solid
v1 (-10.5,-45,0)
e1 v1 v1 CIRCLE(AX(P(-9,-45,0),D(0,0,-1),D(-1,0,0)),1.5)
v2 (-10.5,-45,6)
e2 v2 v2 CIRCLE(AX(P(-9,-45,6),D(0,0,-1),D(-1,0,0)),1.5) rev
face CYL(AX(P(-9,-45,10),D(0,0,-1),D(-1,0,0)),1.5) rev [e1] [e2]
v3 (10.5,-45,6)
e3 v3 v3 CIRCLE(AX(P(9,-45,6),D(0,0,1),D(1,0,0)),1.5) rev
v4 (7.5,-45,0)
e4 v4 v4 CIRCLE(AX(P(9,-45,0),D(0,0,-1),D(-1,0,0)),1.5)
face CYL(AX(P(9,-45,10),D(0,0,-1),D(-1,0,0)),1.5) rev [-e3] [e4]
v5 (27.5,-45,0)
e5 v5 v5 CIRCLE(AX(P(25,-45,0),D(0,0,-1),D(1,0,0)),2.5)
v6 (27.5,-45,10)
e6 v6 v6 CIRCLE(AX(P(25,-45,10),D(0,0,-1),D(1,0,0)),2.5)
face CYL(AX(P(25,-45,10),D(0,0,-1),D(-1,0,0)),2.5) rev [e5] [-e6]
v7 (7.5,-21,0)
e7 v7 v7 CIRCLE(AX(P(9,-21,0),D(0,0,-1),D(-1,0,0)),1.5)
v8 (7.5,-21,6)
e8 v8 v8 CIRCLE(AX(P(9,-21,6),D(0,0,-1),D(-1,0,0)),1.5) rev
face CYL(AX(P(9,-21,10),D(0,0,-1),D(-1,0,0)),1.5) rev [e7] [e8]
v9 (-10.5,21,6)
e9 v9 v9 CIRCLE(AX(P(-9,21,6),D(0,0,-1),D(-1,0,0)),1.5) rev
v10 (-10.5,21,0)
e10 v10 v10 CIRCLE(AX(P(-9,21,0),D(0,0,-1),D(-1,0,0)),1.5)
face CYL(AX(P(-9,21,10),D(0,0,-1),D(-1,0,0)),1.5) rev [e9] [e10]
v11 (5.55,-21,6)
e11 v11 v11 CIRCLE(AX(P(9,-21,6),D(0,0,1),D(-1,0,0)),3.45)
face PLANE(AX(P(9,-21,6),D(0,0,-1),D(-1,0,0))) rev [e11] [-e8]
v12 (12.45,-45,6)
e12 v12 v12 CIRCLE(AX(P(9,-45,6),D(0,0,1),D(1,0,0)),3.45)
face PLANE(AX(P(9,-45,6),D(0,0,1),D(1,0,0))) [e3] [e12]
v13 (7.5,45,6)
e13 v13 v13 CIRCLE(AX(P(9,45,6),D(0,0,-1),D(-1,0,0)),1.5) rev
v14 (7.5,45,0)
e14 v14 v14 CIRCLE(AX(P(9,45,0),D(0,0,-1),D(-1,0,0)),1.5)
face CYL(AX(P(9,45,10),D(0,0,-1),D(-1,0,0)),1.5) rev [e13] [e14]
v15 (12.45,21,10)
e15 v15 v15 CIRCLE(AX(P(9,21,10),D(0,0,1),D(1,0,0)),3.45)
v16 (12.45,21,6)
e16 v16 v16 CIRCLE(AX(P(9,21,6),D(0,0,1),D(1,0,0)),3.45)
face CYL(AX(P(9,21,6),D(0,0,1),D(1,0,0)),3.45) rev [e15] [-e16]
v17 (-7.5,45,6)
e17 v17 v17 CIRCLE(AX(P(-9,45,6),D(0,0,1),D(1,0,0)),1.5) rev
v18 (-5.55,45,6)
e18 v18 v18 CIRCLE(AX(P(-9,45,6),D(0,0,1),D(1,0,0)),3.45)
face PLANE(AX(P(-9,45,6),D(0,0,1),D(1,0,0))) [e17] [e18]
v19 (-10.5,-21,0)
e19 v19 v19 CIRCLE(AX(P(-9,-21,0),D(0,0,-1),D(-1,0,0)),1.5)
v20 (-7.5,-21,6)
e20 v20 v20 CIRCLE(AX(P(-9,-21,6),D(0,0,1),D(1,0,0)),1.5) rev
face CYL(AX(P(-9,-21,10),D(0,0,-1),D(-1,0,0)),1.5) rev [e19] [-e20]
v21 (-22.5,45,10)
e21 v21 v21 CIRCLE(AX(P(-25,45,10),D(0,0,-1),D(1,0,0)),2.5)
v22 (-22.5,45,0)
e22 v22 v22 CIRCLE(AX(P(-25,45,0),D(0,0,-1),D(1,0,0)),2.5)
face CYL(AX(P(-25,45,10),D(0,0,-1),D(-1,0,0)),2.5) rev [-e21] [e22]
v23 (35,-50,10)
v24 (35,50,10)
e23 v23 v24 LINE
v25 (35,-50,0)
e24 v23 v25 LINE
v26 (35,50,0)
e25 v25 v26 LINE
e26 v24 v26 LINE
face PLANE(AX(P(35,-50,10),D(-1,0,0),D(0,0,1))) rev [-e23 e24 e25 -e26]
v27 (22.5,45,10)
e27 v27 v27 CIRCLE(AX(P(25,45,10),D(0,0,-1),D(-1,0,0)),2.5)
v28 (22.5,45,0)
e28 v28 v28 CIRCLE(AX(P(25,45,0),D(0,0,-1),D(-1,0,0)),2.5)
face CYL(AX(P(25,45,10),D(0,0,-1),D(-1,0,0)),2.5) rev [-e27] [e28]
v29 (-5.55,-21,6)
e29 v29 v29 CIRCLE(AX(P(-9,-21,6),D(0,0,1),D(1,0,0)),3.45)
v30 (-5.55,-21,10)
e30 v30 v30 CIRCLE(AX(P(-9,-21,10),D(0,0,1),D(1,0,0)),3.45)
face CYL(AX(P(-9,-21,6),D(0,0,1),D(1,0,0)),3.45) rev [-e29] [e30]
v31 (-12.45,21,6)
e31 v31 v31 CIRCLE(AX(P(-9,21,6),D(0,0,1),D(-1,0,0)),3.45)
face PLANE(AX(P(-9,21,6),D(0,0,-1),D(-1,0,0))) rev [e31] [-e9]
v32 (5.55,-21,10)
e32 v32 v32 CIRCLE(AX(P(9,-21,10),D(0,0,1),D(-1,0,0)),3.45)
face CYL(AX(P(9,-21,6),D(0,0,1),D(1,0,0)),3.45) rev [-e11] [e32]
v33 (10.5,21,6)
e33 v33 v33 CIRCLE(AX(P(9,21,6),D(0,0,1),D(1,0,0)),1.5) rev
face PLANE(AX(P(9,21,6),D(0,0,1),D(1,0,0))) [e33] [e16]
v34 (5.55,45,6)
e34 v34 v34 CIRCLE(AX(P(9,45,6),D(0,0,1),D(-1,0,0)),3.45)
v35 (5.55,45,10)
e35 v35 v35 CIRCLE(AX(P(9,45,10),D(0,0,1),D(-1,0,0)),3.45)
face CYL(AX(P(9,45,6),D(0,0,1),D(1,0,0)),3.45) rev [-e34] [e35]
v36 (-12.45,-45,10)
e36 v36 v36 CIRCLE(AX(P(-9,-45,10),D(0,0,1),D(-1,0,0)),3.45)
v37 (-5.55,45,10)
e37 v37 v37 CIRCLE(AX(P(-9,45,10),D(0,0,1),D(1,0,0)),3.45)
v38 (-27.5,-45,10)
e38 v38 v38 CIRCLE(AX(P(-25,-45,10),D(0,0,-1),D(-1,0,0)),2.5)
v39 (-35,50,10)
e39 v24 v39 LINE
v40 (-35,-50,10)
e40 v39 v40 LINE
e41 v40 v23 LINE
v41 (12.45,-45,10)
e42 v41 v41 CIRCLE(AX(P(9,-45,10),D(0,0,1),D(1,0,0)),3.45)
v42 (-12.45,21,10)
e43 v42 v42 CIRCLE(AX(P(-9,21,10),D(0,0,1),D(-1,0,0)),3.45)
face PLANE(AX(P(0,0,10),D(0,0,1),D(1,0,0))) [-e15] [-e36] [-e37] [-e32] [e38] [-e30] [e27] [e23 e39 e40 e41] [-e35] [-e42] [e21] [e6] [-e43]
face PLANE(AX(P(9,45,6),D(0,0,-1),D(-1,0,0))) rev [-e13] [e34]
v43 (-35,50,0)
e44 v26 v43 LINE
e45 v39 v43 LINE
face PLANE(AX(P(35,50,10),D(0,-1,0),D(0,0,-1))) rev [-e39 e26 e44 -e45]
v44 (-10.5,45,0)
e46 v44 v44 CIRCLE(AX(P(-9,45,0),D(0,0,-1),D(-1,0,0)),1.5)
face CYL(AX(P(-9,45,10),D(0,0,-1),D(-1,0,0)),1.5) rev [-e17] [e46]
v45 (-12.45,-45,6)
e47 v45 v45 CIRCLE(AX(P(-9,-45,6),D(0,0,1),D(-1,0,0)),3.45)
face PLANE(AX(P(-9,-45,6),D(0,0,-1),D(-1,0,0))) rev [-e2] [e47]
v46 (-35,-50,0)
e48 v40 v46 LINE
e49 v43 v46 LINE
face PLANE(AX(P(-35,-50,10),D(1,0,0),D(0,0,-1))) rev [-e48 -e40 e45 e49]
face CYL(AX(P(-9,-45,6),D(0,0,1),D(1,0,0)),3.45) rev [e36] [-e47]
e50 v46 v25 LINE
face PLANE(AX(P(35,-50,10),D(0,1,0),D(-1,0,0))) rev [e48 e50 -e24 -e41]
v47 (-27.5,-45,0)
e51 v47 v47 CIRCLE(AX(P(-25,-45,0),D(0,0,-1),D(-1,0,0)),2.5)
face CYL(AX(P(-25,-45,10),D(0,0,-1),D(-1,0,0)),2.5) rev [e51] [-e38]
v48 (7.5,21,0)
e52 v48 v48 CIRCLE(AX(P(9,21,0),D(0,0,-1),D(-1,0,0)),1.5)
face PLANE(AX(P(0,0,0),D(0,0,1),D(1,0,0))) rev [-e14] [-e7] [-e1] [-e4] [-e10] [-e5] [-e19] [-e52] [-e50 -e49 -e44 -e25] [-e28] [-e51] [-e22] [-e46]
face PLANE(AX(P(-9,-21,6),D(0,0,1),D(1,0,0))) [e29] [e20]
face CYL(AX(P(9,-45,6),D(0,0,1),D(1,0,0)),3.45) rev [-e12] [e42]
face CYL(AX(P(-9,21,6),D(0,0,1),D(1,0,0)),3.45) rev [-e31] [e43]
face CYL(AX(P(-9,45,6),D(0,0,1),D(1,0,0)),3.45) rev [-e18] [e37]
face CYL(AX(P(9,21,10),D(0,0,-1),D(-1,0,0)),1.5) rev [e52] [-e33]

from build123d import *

# Parameters (mm, degrees)
SKETCH1_W           = 70
SKETCH1_H           = 100
BOSS_EXTRUDE1_DEPTH = 10
SKETCH2_R           = 2.5
CUT_EXTRUDE1_DEPTH  = 11
SKETCH3_R           = 1.5
CUT_EXTRUDE2_DEPTH  = 11
SKETCH4_R           = 3.45
CUT_EXTRUDE3_DEPTH  = 4


with BuildPart() as part:
    # Sketch1 → Boss-Extrude1 (new body)
    with BuildSketch(Plane.XY):
        Rectangle(SKETCH1_W, SKETCH1_H)
    extrude(amount=BOSS_EXTRUDE1_DEPTH)

    # Sketch2 → Cut-Extrude1 (cut, through all)
    with BuildSketch(Plane(origin=(0, 0, 0), x_dir=(-1, 0, 0), z_dir=(0, 0, -1))):
        with Locations((-25, 45)):
            Circle(SKETCH2_R)
        with Locations((25, 45)):
            Circle(SKETCH2_R)
        with Locations((-25, -45)):
            Circle(SKETCH2_R)
        with Locations((25, -45)):
            Circle(SKETCH2_R)
    extrude(amount=-CUT_EXTRUDE1_DEPTH, mode=Mode.SUBTRACT)

    # Sketch3 → Cut-Extrude2 (cut, through all)
    with BuildSketch(Plane(origin=(0, 0, 0), x_dir=(-1, 0, 0), z_dir=(0, 0, -1))):
        with Locations((9, 21)):
            Circle(SKETCH3_R)
        with Locations((9, 45)):
            Circle(SKETCH3_R)
        with Locations((-9, 21)):
            Circle(SKETCH3_R)
        with Locations((-9, 45)):
            Circle(SKETCH3_R)
        with Locations((9, -45)):
            Circle(SKETCH3_R)
        with Locations((9, -21)):
            Circle(SKETCH3_R)
        with Locations((-9, -45)):
            Circle(SKETCH3_R)
        with Locations((-9, -21)):
            Circle(SKETCH3_R)
    extrude(amount=-CUT_EXTRUDE2_DEPTH, mode=Mode.SUBTRACT)

    # Sketch4 → Cut-Extrude3 (cut)
    with BuildSketch(Plane.XY.offset(10)):
        with Locations((-9, 45)):
            Circle(SKETCH4_R)
        with Locations((-9, 21)):
            Circle(SKETCH4_R)
        with Locations((9, 21)):
            Circle(SKETCH4_R)
        with Locations((9, 45)):
            Circle(SKETCH4_R)
        with Locations((9, -21)):
            Circle(SKETCH4_R)
        with Locations((-9, -21)):
            Circle(SKETCH4_R)
        with Locations((-9, -45)):
            Circle(SKETCH4_R)
        with Locations((9, -45)):
            Circle(SKETCH4_R)
    extrude(amount=-CUT_EXTRUDE3_DEPTH, mode=Mode.SUBTRACT)


solid = part.part
